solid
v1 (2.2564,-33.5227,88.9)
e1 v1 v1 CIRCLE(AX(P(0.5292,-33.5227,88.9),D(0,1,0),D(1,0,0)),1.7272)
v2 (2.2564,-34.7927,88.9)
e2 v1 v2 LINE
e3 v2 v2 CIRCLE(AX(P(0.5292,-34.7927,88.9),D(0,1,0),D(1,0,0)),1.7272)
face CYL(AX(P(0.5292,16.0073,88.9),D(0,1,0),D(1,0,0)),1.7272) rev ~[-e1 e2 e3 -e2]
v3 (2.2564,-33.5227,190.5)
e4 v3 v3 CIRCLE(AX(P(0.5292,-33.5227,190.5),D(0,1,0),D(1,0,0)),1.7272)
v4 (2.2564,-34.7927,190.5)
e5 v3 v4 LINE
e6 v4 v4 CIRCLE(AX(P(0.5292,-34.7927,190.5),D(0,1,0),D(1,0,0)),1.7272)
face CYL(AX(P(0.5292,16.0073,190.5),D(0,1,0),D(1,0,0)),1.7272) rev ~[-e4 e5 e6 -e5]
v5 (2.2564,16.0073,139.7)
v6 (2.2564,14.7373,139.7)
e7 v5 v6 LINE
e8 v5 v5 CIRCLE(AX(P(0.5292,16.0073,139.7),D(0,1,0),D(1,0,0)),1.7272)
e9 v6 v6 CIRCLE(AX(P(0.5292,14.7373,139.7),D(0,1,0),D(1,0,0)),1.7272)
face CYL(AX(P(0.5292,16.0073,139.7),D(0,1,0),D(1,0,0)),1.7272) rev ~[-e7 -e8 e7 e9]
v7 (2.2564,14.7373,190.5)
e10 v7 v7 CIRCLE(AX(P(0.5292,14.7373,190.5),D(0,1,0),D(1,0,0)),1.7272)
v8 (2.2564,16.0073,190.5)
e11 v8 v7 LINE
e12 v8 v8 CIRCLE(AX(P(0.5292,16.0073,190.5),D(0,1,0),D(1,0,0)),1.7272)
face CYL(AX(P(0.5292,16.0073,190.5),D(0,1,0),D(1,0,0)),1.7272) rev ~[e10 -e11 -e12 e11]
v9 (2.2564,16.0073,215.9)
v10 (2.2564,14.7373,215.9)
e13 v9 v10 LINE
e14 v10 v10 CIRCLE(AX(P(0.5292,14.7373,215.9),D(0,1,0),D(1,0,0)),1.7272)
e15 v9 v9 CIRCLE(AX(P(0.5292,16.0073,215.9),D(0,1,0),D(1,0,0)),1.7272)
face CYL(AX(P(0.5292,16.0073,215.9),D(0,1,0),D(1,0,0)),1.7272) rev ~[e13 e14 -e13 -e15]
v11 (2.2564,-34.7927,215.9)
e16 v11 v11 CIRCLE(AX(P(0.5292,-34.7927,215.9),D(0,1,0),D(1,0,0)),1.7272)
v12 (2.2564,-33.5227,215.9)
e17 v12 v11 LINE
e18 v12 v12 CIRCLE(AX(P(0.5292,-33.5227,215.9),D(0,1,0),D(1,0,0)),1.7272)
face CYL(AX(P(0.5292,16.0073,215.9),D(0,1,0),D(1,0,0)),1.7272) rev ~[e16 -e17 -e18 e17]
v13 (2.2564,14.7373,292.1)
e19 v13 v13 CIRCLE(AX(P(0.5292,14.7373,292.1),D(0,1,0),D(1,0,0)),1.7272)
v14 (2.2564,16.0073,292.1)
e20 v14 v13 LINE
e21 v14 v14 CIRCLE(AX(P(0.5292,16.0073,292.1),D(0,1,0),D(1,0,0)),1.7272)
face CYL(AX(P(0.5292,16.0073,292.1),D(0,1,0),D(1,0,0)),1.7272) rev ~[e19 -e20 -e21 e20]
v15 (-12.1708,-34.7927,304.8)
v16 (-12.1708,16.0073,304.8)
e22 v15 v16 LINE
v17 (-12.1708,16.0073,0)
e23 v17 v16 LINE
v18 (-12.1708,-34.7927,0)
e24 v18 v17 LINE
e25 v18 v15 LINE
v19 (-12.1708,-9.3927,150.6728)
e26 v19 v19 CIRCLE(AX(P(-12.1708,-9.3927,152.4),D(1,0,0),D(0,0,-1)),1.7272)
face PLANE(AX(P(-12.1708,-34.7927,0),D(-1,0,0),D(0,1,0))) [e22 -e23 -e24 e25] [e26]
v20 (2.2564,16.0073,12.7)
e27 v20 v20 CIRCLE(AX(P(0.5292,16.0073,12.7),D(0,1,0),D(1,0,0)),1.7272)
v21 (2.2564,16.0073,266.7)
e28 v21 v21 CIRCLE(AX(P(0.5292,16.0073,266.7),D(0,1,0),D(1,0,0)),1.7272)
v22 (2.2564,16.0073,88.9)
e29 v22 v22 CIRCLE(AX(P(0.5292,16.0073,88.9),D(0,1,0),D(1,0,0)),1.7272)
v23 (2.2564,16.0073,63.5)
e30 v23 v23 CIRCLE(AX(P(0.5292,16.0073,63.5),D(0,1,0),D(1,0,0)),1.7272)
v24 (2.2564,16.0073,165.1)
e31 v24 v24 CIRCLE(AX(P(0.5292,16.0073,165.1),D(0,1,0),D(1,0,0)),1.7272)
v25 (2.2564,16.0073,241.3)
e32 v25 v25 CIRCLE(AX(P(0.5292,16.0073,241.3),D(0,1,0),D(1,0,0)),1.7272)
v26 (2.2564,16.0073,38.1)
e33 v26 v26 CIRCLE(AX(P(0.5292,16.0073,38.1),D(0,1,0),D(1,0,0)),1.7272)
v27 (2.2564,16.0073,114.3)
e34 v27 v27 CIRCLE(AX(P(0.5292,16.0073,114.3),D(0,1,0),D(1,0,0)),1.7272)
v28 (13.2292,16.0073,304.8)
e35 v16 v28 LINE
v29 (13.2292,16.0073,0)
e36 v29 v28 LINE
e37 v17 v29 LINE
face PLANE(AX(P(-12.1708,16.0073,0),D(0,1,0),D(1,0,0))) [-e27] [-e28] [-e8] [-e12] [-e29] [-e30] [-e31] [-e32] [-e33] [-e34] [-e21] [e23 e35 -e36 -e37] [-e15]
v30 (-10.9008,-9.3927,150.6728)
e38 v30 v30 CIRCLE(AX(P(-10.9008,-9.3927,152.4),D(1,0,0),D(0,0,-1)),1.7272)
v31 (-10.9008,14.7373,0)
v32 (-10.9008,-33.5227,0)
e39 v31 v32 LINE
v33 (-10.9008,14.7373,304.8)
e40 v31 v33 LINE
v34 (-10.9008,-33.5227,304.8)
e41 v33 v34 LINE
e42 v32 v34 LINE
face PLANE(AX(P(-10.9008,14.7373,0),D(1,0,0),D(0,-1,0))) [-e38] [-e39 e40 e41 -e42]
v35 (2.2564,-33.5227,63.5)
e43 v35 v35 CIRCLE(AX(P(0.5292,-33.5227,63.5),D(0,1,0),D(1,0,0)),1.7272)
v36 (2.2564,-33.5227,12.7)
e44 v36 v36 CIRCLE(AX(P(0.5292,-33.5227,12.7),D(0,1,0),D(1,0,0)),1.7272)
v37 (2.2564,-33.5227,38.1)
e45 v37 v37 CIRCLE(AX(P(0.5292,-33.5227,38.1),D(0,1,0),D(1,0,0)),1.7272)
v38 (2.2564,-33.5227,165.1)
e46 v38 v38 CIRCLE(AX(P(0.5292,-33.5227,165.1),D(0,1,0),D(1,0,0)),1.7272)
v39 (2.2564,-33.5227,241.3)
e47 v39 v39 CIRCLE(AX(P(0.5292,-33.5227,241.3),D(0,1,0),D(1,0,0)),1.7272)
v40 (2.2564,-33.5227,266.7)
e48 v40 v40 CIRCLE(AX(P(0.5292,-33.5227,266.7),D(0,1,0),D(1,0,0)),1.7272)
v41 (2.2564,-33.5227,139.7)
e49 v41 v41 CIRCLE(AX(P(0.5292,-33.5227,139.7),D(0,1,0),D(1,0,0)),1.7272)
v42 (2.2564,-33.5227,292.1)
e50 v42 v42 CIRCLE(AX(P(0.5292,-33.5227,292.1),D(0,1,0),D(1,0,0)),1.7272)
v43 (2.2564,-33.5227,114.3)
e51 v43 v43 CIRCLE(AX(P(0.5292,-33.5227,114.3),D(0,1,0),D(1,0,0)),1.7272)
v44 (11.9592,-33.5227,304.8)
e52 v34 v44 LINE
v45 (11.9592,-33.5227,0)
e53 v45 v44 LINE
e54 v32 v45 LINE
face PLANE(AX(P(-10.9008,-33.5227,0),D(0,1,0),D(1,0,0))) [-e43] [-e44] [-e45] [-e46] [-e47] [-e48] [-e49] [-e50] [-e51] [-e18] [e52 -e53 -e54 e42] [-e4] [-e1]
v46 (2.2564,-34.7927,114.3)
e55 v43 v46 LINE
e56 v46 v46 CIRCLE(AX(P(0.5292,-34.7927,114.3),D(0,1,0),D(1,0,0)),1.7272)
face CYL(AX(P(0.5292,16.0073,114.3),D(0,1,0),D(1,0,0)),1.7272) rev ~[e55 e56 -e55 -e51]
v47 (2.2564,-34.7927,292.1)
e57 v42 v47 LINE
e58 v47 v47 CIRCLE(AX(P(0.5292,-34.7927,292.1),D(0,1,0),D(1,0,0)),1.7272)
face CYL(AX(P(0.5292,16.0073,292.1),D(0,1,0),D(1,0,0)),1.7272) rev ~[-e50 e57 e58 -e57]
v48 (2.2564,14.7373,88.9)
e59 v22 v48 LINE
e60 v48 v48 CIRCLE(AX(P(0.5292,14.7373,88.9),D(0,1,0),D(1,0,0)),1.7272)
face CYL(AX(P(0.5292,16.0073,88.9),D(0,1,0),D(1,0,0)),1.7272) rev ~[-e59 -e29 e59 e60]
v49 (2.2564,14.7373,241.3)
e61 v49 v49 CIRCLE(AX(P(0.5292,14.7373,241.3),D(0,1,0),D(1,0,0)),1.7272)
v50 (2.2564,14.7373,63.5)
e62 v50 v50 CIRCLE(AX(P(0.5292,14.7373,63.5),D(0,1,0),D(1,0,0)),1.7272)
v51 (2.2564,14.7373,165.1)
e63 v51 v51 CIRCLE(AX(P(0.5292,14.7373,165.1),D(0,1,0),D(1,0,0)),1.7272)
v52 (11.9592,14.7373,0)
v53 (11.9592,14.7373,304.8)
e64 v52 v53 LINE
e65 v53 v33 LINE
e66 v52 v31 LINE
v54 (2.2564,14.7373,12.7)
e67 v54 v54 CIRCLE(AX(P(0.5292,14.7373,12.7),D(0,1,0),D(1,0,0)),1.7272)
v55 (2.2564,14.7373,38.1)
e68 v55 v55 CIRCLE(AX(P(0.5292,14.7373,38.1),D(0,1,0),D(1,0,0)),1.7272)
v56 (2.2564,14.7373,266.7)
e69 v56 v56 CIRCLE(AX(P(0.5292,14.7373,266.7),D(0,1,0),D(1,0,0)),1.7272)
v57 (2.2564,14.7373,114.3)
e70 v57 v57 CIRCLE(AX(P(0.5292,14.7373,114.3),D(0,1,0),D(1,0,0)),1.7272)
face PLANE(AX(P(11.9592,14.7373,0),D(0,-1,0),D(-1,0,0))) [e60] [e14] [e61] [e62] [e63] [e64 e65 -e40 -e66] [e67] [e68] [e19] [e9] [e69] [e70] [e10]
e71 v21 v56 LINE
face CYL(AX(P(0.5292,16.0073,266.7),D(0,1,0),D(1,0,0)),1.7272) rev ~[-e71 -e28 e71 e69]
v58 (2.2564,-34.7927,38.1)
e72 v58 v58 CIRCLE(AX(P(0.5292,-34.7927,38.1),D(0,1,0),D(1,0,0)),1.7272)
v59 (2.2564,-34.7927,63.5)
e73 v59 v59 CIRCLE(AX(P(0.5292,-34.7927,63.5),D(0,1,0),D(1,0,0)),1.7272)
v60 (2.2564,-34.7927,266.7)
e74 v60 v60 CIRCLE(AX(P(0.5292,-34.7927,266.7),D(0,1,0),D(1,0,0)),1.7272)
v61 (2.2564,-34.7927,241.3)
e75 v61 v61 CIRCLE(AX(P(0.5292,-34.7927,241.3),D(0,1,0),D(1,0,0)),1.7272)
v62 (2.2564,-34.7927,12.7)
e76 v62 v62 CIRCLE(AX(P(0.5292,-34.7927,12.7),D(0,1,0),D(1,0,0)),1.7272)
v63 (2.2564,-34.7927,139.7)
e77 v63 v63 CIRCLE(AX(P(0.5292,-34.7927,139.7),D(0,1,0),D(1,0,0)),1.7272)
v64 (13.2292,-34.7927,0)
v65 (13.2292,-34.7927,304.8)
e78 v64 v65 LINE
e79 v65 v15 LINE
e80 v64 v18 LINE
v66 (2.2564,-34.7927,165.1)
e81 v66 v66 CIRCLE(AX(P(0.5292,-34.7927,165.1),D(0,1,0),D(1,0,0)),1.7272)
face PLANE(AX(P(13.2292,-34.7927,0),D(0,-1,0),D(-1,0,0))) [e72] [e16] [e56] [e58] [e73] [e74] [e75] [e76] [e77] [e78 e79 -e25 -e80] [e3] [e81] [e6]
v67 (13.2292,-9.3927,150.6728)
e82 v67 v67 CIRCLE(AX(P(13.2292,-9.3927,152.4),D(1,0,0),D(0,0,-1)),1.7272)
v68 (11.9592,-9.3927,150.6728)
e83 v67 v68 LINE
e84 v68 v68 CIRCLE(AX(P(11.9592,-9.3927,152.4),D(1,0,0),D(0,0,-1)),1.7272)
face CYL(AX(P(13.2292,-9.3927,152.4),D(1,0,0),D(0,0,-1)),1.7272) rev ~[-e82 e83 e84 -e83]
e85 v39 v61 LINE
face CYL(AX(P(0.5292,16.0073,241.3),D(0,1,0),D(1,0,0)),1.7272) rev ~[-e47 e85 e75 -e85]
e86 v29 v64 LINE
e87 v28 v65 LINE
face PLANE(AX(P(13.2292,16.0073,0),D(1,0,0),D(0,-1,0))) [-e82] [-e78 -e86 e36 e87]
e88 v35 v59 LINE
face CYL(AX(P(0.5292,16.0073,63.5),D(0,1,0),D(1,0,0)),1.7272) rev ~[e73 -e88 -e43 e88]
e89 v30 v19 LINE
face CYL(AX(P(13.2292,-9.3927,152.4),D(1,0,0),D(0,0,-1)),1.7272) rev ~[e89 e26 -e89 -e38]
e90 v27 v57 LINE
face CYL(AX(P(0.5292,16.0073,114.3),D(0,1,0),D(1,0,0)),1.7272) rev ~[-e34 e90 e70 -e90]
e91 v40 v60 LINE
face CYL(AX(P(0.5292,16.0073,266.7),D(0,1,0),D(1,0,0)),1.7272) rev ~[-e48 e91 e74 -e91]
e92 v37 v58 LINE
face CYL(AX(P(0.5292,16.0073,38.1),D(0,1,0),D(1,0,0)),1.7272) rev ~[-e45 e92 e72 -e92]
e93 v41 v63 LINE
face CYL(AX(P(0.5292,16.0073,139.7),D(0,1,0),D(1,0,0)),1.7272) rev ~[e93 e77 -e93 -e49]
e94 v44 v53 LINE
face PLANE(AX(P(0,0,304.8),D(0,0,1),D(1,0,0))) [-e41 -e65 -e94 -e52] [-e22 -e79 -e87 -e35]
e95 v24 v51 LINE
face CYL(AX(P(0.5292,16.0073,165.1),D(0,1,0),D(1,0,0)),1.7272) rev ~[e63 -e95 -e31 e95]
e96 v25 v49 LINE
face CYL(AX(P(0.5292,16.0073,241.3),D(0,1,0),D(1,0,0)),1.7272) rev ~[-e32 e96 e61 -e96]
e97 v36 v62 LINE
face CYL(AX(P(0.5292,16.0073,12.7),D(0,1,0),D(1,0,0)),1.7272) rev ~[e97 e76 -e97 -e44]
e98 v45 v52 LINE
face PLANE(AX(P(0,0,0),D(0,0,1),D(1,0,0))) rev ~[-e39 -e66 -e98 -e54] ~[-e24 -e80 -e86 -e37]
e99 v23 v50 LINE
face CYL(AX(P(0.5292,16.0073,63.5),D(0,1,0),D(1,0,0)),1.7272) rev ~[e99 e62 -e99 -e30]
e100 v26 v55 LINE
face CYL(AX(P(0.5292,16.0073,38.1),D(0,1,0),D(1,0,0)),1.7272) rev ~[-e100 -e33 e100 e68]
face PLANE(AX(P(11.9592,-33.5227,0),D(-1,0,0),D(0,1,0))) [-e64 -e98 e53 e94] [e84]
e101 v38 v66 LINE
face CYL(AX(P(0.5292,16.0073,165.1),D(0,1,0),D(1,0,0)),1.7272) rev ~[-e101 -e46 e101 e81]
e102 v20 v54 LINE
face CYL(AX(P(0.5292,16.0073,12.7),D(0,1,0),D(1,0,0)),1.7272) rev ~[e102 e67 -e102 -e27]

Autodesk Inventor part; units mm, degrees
ref_plane "YZ Plane" through (0, 0, 0) normal (1, 0, 0) x (0, 1, 0)
ref_plane "XZ Plane" through (0, 0, 0) normal (0, 1, 0) x (-1, 0, 0)
ref_plane "XY Plane" through (0, 0, 0) normal (0, 0, 1) x (1, 0, 0)
sketch "Sketch1" plane through (0, 0, 0) normal (0, 0, 1) x (1, 0, 0)
  line L0 (-12.1708, 16.0073) -> (13.2292, 16.0073)
  line L1 (13.2292, 16.0073) -> (13.2292, -34.7927)
  line L2 (13.2292, -34.7927) -> (-12.1708, -34.7927)
  line L3 (-12.1708, -34.7927) -> (-12.1708, 16.0073)
  line L4 (11.9592, 14.7373) -> (-10.9008, 14.7373)
  line L5 (-10.9008, 14.7373) -> (-10.9008, -33.5227)
  line L6 (-10.9008, -33.5227) -> (11.9592, -33.5227)
  line L7 (11.9592, -33.5227) -> (11.9592, 14.7373)
  point P0 (0, 0)
  dimension "d0" = 25.4
  dimension "d1" = 50.8
  dimension "d2" = 1.27
extrude "Extrusion1" add sketch "Sketch1" along normal blind 304.8
sketch "Sketch2" plane through (-12.1708, 16.0073, 0) normal (0, 1, 0) x (1, 0, 0)
  circle A0 centre (12.7, -12.7) radius 1.7272
  line L0 (25.4, 0) -> (0, 0) projected
  line L1 (0, 0) -> (0, -304.8) projected
  point P0 (12.1708, 0)
  dimension "d5" = 3.4544
  dimension "d6" = 12.7
  dimension "d7" = 12.7
extrude "Extrusion2" cut sketch "Sketch2" against normal through all
pattern_linear "Rectangular Pattern1" count 12 spacing 25.4 along (0, 0, 1) of "Extrusion2"
sketch "Sketch4" plane through (13.2292, -34.7927, 0) normal (1, 0, 0) x (0, 0, -1)
  circle A0 centre (-152.4, 25.4) radius 1.7272
  line L0 (-304.8, 0) -> (-304.8, 50.8) projected
  line L1 (0, 50.8) -> (-304.8, 50.8) projected
  point P0 (0, 34.7927)
  dimension "d21" = 3.4544
  dimension "d22" = 152.4
  dimension "d23" = 25.4
extrude "Extrusion4" cut sketch "Sketch4" against normal blind 25.4
equation "\"d3\" = d13"
equation "\"d13\" = 304.8"
properties part number "VerseFrame 12in w hole"
